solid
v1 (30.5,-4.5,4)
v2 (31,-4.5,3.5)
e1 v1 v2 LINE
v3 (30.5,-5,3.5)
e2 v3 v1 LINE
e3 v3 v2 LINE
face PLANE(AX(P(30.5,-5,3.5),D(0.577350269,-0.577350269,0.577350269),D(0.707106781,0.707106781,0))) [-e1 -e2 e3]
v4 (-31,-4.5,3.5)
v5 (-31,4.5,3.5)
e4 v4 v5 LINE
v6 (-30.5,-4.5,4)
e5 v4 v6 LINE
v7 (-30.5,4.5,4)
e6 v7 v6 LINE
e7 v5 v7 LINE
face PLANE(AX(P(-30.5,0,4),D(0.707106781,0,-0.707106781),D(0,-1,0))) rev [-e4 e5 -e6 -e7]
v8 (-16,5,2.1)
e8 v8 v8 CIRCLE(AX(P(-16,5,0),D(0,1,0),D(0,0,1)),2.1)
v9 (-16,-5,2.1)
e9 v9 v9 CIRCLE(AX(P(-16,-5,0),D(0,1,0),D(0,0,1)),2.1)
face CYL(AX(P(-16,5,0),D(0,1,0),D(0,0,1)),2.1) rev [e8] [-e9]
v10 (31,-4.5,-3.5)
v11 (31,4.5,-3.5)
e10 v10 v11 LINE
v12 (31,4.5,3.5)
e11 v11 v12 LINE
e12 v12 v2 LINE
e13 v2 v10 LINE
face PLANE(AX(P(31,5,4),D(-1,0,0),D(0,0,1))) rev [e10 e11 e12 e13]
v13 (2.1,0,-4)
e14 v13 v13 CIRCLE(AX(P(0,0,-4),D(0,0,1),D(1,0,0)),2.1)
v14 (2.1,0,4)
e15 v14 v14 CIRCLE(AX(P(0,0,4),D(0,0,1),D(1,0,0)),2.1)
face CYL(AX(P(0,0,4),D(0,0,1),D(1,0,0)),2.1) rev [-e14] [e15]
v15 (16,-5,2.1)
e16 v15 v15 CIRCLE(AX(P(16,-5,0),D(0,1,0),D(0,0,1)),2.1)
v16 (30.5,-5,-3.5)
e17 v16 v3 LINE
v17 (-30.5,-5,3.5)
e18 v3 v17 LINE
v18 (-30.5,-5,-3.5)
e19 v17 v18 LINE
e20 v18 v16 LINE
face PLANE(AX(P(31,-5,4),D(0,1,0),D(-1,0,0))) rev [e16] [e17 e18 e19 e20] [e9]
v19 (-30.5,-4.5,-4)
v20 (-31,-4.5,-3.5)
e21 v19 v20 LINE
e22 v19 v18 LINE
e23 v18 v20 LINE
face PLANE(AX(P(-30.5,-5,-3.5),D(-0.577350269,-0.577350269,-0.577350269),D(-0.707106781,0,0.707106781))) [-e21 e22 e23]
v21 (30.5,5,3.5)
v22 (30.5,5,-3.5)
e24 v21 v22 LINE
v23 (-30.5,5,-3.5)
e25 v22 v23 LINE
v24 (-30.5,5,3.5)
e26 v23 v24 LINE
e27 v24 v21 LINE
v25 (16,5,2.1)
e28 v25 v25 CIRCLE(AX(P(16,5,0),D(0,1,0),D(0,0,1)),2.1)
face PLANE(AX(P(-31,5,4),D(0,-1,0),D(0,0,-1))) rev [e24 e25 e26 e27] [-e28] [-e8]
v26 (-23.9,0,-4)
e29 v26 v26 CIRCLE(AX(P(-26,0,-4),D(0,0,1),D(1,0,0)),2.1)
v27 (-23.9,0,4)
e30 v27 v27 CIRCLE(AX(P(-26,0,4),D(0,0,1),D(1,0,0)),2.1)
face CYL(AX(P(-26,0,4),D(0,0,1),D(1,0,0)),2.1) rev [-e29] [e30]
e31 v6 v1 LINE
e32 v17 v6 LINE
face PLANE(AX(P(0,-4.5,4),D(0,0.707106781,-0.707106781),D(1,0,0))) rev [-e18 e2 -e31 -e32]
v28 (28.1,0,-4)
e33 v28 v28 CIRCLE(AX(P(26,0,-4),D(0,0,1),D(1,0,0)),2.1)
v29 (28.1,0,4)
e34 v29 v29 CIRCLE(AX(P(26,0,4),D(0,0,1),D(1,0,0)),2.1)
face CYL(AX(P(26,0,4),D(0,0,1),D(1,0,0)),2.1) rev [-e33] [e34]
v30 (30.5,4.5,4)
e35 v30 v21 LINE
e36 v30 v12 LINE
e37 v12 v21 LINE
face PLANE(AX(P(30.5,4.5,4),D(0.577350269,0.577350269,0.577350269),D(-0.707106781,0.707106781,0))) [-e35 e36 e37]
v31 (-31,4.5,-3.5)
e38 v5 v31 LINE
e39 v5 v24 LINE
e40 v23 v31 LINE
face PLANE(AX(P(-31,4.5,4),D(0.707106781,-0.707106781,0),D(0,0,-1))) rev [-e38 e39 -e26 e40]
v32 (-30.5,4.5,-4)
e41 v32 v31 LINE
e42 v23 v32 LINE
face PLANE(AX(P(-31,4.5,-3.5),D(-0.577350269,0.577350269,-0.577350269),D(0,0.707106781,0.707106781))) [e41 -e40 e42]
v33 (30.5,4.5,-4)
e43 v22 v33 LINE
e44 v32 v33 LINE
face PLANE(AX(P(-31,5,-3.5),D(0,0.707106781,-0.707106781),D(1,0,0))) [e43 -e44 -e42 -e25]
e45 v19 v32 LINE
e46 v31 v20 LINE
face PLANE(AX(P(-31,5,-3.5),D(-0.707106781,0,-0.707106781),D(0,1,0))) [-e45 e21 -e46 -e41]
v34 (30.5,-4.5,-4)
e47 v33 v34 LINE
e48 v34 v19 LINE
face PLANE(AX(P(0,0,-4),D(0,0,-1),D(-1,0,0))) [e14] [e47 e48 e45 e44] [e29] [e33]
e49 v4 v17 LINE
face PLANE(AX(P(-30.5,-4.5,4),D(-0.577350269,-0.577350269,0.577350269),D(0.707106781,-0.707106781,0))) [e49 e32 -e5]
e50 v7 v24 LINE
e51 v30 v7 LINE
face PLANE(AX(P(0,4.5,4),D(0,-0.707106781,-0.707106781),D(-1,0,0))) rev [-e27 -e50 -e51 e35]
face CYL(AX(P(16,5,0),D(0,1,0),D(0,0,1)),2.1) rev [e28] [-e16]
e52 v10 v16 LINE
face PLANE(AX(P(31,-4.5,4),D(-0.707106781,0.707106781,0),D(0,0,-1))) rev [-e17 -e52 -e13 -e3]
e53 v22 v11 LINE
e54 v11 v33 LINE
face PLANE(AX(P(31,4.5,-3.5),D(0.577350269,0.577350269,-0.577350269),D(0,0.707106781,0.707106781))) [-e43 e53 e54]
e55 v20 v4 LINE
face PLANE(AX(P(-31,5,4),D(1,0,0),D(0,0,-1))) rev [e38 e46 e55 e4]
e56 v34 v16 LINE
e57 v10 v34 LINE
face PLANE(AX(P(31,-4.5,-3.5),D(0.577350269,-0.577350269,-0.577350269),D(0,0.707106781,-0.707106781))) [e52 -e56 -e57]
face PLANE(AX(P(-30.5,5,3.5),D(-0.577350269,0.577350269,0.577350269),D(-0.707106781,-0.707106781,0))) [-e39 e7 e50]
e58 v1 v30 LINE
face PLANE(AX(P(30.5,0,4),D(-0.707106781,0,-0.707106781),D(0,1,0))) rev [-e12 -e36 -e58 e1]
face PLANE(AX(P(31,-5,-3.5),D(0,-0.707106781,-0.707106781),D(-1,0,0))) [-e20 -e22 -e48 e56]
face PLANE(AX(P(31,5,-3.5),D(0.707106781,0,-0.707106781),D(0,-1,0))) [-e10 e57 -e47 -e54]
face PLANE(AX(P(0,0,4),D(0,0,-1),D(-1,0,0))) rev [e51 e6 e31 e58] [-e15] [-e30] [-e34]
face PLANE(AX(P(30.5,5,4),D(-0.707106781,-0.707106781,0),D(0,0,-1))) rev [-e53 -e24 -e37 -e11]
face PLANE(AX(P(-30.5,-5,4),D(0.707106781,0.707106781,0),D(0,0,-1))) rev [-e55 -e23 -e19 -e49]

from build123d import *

# Parameters (mm, degrees)
SKETCH_2_W         = 62
SKETCH_2_H         = 10
SKETCH_2_R         = 0.5
EXTRUDE_1_DEPTH    = 4
HOLE_WIZARD_M5_1_D = 4.2
HOLE_WIZARD_M5_2_D = 4.2
CHAMFER_1_SIZE     = 0.5


with BuildPart() as part:
    # 草图2 → 凸台-拉伸1 (new, symmetric)
    with BuildSketch(Plane.XY):
        Rectangle(SKETCH_2_W, SKETCH_2_H)
        with Locations((-26, 0)):
            Circle(SKETCH_2_R, mode=Mode.SUBTRACT)
        with Locations((26, 0)):
            Circle(SKETCH_2_R, mode=Mode.SUBTRACT)
    extrude(amount=EXTRUDE_1_DEPTH, both=True)

    # M5 螺纹孔1 (through all)
    with Locations(Plane.XY.offset(4)):
        with Locations((0, 0), (-26, 0), (26, 0)):
            Hole(HOLE_WIZARD_M5_1_D / 2)

    # M5 螺纹孔2 (through all)
    with Locations(Plane(origin=(0, 5, 0), x_dir=(1, 0, 0), z_dir=(0, 1, 0))):
        with Locations((16, 0), (-16, 0)):
            Hole(HOLE_WIZARD_M5_2_D / 2)

    # 倒角1
    chamfer_1_edges = [part.edges().sort_by_distance(p)[0] for p in [
        (0, -5, 4),
        (31, 0, 4),
        (0, 5, 4),
        (31, 0, -4),
        (0, -5, -4),
        (-31, 0, -4),
        (0, 5, -4),
        (-31, 0, 4),
        (31, 5, 0),
        (31, -5, 0),
        (-31, -5, 0),
        (-31, 5, 0),
    ]]
    chamfer(chamfer_1_edges, length=CHAMFER_1_SIZE)


solid = part.part
